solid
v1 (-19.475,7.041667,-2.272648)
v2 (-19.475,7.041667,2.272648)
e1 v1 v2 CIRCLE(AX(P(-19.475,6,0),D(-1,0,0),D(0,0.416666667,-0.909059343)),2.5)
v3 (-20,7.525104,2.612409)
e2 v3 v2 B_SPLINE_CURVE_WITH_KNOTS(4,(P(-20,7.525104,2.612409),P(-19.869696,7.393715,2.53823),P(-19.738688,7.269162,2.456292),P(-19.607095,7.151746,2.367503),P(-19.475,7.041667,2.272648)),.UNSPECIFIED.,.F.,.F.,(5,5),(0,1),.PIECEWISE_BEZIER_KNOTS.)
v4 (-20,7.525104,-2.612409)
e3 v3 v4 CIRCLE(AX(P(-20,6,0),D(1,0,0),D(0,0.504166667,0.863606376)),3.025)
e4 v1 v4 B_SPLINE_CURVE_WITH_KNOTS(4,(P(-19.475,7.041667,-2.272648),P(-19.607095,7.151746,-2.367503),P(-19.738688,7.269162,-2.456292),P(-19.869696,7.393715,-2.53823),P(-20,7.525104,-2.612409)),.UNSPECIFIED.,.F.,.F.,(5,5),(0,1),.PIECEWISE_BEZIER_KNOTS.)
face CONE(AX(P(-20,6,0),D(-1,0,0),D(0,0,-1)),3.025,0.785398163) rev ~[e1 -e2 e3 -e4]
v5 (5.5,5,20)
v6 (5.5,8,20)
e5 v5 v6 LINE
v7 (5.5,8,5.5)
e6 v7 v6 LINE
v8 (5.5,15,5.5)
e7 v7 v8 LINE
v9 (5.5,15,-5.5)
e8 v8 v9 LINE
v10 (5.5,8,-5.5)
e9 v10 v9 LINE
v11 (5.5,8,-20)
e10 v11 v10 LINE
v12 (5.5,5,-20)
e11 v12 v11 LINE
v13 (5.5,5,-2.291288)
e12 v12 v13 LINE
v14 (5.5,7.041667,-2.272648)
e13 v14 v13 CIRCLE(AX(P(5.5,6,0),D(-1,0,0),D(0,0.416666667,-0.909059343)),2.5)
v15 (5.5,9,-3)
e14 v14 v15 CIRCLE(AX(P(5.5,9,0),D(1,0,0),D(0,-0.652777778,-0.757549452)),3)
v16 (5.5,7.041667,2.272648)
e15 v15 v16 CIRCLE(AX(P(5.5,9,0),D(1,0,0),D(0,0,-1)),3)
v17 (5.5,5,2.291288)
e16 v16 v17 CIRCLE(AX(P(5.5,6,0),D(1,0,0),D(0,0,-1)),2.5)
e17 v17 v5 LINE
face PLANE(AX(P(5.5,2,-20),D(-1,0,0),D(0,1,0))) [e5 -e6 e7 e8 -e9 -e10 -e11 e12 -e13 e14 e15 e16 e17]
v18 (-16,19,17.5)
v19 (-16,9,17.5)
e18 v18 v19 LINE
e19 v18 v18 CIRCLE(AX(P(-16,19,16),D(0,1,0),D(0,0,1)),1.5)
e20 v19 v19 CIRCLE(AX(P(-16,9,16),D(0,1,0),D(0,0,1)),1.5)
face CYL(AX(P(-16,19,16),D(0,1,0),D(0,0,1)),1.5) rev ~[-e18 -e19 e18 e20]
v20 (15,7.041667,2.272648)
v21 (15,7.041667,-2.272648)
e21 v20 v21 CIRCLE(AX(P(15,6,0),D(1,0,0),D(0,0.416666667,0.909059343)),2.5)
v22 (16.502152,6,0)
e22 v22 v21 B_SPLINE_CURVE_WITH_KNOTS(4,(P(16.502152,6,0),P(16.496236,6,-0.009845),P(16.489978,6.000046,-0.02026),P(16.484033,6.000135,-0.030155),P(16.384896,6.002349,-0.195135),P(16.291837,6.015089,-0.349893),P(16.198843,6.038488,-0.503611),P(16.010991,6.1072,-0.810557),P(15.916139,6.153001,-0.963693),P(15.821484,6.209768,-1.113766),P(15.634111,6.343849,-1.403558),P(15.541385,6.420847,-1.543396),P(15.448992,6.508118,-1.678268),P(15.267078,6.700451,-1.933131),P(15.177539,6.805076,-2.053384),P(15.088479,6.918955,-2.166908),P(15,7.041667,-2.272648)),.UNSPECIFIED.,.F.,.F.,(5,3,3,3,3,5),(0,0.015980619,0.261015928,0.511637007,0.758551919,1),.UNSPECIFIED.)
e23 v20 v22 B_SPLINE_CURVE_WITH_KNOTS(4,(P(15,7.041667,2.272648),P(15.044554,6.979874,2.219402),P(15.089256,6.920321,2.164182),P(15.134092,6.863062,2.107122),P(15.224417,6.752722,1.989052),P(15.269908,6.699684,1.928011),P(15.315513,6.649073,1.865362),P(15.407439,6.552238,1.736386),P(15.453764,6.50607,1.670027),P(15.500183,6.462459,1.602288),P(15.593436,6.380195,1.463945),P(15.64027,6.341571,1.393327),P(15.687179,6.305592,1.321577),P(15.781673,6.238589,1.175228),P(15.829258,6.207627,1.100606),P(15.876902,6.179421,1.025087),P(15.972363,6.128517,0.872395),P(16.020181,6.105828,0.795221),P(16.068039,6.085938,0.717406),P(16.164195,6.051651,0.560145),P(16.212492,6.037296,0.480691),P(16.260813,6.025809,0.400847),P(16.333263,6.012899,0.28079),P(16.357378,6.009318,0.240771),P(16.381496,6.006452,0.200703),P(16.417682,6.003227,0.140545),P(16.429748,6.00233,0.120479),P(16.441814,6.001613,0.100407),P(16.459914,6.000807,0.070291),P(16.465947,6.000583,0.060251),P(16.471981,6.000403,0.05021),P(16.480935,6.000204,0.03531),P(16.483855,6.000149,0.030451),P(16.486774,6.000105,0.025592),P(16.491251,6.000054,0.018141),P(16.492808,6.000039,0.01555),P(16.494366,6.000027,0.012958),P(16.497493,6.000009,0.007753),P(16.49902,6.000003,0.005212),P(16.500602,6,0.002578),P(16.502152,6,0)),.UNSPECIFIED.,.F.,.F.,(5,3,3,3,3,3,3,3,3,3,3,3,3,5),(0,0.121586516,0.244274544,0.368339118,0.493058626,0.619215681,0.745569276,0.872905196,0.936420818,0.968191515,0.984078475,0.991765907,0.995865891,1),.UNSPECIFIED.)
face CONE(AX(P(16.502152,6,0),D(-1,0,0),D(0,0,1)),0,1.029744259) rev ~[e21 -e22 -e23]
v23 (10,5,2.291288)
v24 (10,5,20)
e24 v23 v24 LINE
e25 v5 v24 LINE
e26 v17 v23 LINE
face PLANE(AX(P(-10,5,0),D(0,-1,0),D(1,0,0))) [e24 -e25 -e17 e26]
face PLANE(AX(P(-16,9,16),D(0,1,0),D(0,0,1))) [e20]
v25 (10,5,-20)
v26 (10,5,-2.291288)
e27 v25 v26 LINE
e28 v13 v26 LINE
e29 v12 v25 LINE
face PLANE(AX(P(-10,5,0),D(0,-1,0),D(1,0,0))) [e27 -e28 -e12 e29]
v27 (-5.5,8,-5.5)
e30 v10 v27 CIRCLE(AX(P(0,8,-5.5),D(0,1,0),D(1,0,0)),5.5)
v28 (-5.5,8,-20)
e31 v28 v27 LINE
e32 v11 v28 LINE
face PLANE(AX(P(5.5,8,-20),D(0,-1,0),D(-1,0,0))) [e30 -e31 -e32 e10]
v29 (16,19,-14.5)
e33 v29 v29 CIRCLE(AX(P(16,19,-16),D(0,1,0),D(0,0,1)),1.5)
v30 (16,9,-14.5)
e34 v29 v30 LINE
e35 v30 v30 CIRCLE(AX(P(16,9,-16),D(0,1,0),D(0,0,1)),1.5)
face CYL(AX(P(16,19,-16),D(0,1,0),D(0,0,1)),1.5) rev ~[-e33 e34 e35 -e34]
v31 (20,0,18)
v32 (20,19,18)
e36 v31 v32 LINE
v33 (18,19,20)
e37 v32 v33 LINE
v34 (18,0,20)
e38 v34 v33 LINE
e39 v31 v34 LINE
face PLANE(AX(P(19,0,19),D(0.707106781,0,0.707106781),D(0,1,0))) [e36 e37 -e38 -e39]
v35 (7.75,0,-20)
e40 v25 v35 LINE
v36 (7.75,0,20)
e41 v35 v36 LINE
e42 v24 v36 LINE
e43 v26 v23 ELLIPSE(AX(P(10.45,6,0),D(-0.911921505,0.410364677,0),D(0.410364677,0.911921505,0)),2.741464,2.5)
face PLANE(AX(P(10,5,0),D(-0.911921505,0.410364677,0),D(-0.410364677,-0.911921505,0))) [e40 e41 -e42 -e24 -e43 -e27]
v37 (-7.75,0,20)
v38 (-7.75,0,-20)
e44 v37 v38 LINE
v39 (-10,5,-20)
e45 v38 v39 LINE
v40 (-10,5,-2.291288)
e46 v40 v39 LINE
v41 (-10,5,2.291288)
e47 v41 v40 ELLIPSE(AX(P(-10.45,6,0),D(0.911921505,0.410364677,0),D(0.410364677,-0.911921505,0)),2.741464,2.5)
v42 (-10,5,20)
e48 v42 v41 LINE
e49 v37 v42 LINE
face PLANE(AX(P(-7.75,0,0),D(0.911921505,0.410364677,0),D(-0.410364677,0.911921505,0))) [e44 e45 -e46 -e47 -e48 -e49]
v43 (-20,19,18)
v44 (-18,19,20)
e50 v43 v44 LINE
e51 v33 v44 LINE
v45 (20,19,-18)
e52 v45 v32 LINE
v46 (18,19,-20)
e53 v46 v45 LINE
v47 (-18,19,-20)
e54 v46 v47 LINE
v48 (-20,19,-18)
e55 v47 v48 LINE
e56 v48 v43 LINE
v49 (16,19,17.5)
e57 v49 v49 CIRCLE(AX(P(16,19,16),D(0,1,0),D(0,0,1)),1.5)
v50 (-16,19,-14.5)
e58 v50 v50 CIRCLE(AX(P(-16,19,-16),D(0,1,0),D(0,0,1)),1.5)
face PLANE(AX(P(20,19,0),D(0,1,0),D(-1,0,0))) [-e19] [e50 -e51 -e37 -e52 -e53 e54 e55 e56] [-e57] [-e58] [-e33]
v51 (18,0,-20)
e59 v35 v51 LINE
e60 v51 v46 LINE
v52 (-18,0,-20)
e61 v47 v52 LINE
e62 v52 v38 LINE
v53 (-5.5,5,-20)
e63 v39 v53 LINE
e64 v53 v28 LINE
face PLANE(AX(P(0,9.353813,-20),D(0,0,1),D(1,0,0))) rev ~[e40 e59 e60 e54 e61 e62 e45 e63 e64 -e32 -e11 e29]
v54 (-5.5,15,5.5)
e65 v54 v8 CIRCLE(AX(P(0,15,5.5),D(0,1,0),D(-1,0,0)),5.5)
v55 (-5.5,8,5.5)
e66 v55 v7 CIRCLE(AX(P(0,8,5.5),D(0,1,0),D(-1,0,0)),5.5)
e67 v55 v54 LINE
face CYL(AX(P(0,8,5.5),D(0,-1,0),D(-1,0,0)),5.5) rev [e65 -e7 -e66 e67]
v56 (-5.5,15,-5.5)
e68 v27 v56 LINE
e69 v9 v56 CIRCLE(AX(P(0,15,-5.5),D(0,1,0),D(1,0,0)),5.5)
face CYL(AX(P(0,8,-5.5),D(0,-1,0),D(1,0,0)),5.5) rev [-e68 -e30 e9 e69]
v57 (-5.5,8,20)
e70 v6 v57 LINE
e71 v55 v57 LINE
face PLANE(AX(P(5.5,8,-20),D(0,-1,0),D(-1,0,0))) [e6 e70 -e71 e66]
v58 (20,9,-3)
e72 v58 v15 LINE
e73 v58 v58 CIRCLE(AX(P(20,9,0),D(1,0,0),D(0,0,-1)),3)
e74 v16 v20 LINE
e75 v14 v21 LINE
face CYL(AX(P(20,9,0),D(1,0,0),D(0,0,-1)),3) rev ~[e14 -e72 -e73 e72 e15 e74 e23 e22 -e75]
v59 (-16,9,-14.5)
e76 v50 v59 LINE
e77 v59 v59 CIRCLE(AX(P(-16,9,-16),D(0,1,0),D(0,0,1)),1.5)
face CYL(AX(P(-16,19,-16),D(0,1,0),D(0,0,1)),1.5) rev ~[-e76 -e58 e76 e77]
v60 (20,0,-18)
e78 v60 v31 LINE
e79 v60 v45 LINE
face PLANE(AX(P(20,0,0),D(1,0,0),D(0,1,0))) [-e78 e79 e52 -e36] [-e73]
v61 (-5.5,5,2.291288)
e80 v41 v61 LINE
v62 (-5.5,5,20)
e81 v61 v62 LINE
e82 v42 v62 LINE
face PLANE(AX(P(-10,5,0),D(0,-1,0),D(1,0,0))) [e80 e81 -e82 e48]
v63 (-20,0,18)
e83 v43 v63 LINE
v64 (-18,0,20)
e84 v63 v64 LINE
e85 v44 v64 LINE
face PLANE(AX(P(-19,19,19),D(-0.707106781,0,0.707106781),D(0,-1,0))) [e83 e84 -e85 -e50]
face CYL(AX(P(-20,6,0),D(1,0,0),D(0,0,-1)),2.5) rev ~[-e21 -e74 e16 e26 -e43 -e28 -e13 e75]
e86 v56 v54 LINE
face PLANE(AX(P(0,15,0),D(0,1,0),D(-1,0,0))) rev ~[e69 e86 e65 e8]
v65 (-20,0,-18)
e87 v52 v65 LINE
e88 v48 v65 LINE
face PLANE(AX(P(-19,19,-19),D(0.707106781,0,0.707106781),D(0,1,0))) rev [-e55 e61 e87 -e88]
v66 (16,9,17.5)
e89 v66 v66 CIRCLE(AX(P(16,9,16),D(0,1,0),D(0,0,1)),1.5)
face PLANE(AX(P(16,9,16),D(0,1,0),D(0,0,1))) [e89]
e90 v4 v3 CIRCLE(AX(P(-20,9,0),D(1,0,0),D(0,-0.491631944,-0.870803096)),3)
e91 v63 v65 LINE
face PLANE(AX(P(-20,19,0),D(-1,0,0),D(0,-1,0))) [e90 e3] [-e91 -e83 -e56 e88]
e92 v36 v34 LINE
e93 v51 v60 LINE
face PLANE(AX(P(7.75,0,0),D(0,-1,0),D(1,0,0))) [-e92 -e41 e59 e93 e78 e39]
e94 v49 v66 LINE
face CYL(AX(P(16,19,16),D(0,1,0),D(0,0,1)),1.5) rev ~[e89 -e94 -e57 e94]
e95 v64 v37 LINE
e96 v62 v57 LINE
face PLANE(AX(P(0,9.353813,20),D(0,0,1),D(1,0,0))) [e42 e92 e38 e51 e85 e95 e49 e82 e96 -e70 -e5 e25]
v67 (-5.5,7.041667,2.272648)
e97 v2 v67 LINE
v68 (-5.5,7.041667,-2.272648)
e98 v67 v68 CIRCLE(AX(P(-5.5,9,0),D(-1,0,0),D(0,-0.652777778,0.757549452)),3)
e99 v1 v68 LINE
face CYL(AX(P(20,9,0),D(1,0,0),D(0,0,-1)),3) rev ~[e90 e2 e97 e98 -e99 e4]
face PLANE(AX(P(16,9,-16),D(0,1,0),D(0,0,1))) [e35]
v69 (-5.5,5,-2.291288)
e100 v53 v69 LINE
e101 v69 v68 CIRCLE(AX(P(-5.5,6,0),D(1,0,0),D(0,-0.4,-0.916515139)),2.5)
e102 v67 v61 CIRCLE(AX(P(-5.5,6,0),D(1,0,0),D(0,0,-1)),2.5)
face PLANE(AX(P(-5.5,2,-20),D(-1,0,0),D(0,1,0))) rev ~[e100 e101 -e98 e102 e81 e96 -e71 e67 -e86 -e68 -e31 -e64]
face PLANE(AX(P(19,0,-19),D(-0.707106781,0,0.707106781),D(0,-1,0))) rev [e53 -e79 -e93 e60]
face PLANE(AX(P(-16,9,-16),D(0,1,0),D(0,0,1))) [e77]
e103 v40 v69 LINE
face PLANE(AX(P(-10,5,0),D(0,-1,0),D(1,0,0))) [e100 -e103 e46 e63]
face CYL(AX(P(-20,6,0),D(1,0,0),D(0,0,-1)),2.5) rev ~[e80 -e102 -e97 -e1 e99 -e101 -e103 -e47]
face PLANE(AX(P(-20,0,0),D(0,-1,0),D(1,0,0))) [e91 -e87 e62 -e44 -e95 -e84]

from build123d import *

# Parameters (mm, degrees)
EXTRUDE_1_DEPTH              = 20
CUT_EXTRUDE_1_REACH          = 50.59
SKETCH_8_W                   = 11
SKETCH_8_H                   = 6
HOLE_WIZARD_M6_3_D           = 5
HOLE_WIZARD_M6_3_DEPTH       = 35
HOLE_WIZARD_M6_3_CSINK_D     = 6.05
HOLE_WIZARD_M6_3_CSINK_ANGLE = 90
HOLE_WIZARD_M6_3_TIP         = 1.502151548
SKETCH_13_R                  = 3
CUT_EXTRUDE_2_DEPTH          = 45
CUT_EXTRUDE_3_DEPTH          = 7
CHAMFER_1_SIZE               = 2
SKETCH_15_R                  = 1.5
CUT_EXTRUDE_4_DEPTH          = 10


with BuildPart() as part:
    # 草图1 → 凸台-拉伸1 (new, symmetric)
    with BuildSketch(Plane.XY):
        Polygon((-10, 5), (10, 5), (7.75, 0), (20, 0), (20, 19), (-20, 19), (-20, 0), (-7.75, 0), align=None)
    extrude(amount=EXTRUDE_1_DEPTH, both=True)

    # 草图8 → 切除-拉伸1 (cut, up to next)
    with BuildSketch(Plane(origin=(0, 0, -20), x_dir=(-1, 0, 0), z_dir=(0, 0, -1)), mode=Mode.PRIVATE) as cut_extrude_1_sk1:
        with Locations((0, 5)):
            Rectangle(SKETCH_8_W, SKETCH_8_H)
    cut_extrude_1_tool1 = extrude(cut_extrude_1_sk1.sketch, amount=-CUT_EXTRUDE_1_REACH, mode=Mode.PRIVATE) & part.part
    add(cut_extrude_1_tool1.solids().sort_by_distance((0, 5, -20))[0], mode=Mode.SUBTRACT)

    # M6 螺纹孔3
    with Locations(Plane.ZY.offset(20)):
        with Locations((0, 6)):
            CounterSinkHole(HOLE_WIZARD_M6_3_D / 2, HOLE_WIZARD_M6_3_CSINK_D / 2, depth=HOLE_WIZARD_M6_3_DEPTH, counter_sink_angle=HOLE_WIZARD_M6_3_CSINK_ANGLE)
            with Locations((0, 0, -(HOLE_WIZARD_M6_3_DEPTH + HOLE_WIZARD_M6_3_TIP / 2))):  # 118° drill point
                Cone(0, HOLE_WIZARD_M6_3_D / 2, HOLE_WIZARD_M6_3_TIP, mode=Mode.SUBTRACT)

    # 草图13 → 切除-拉伸2 (cut)
    with BuildSketch(Plane(origin=(20, 0, 0), x_dir=(0, 0, -1), z_dir=(1, 0, 0))):
        with Locations((0, 9)):
            Circle(SKETCH_13_R)
    extrude(amount=-CUT_EXTRUDE_2_DEPTH, mode=Mode.SUBTRACT)

    # 草图14 → 切除-拉伸3 (cut)
    with BuildSketch(Plane.XZ.offset(-8)):
        with BuildLine():
            Line((5.5, 5.5), (5.5, -5.5))
            ThreePointArc((5.5, -5.5), (0, -11), (-5.5, -5.5))
            Line((-5.5, -5.5), (-5.5, 5.5))
            ThreePointArc((-5.5, 5.5), (0, 11), (5.5, 5.5))
        make_face()
    extrude(amount=-CUT_EXTRUDE_3_DEPTH, mode=Mode.SUBTRACT)

    # 倒角1
    chamfer_1_edges = [part.edges().sort_by_distance(p)[0] for p in [
        (20, 9.5, 20),
        (-20, 9.5, 20),
        (-20, 9.5, -20),
        (20, 9.5, -20),
    ]]
    chamfer(chamfer_1_edges, length=CHAMFER_1_SIZE)

    # 草图15 → 切除-拉伸4 (cut)
    with BuildSketch(Plane(origin=(0, 19, 0), x_dir=(1, 0, 0), z_dir=(0, 1, 0))):
        with Locations(Location((-16, 16, 0), (0, 0, 270))):
            Circle(SKETCH_15_R)
        with Locations(Location((16, 16, 0), (0, 0, 270))):
            Circle(SKETCH_15_R)
        with Locations(Location((16, -16, 0), (0, 0, 270))):
            Circle(SKETCH_15_R)
        with Locations(Location((-16, -16, 0), (0, 0, 270))):
            Circle(SKETCH_15_R)
    extrude(amount=-CUT_EXTRUDE_4_DEPTH, mode=Mode.SUBTRACT)


solid = part.part
